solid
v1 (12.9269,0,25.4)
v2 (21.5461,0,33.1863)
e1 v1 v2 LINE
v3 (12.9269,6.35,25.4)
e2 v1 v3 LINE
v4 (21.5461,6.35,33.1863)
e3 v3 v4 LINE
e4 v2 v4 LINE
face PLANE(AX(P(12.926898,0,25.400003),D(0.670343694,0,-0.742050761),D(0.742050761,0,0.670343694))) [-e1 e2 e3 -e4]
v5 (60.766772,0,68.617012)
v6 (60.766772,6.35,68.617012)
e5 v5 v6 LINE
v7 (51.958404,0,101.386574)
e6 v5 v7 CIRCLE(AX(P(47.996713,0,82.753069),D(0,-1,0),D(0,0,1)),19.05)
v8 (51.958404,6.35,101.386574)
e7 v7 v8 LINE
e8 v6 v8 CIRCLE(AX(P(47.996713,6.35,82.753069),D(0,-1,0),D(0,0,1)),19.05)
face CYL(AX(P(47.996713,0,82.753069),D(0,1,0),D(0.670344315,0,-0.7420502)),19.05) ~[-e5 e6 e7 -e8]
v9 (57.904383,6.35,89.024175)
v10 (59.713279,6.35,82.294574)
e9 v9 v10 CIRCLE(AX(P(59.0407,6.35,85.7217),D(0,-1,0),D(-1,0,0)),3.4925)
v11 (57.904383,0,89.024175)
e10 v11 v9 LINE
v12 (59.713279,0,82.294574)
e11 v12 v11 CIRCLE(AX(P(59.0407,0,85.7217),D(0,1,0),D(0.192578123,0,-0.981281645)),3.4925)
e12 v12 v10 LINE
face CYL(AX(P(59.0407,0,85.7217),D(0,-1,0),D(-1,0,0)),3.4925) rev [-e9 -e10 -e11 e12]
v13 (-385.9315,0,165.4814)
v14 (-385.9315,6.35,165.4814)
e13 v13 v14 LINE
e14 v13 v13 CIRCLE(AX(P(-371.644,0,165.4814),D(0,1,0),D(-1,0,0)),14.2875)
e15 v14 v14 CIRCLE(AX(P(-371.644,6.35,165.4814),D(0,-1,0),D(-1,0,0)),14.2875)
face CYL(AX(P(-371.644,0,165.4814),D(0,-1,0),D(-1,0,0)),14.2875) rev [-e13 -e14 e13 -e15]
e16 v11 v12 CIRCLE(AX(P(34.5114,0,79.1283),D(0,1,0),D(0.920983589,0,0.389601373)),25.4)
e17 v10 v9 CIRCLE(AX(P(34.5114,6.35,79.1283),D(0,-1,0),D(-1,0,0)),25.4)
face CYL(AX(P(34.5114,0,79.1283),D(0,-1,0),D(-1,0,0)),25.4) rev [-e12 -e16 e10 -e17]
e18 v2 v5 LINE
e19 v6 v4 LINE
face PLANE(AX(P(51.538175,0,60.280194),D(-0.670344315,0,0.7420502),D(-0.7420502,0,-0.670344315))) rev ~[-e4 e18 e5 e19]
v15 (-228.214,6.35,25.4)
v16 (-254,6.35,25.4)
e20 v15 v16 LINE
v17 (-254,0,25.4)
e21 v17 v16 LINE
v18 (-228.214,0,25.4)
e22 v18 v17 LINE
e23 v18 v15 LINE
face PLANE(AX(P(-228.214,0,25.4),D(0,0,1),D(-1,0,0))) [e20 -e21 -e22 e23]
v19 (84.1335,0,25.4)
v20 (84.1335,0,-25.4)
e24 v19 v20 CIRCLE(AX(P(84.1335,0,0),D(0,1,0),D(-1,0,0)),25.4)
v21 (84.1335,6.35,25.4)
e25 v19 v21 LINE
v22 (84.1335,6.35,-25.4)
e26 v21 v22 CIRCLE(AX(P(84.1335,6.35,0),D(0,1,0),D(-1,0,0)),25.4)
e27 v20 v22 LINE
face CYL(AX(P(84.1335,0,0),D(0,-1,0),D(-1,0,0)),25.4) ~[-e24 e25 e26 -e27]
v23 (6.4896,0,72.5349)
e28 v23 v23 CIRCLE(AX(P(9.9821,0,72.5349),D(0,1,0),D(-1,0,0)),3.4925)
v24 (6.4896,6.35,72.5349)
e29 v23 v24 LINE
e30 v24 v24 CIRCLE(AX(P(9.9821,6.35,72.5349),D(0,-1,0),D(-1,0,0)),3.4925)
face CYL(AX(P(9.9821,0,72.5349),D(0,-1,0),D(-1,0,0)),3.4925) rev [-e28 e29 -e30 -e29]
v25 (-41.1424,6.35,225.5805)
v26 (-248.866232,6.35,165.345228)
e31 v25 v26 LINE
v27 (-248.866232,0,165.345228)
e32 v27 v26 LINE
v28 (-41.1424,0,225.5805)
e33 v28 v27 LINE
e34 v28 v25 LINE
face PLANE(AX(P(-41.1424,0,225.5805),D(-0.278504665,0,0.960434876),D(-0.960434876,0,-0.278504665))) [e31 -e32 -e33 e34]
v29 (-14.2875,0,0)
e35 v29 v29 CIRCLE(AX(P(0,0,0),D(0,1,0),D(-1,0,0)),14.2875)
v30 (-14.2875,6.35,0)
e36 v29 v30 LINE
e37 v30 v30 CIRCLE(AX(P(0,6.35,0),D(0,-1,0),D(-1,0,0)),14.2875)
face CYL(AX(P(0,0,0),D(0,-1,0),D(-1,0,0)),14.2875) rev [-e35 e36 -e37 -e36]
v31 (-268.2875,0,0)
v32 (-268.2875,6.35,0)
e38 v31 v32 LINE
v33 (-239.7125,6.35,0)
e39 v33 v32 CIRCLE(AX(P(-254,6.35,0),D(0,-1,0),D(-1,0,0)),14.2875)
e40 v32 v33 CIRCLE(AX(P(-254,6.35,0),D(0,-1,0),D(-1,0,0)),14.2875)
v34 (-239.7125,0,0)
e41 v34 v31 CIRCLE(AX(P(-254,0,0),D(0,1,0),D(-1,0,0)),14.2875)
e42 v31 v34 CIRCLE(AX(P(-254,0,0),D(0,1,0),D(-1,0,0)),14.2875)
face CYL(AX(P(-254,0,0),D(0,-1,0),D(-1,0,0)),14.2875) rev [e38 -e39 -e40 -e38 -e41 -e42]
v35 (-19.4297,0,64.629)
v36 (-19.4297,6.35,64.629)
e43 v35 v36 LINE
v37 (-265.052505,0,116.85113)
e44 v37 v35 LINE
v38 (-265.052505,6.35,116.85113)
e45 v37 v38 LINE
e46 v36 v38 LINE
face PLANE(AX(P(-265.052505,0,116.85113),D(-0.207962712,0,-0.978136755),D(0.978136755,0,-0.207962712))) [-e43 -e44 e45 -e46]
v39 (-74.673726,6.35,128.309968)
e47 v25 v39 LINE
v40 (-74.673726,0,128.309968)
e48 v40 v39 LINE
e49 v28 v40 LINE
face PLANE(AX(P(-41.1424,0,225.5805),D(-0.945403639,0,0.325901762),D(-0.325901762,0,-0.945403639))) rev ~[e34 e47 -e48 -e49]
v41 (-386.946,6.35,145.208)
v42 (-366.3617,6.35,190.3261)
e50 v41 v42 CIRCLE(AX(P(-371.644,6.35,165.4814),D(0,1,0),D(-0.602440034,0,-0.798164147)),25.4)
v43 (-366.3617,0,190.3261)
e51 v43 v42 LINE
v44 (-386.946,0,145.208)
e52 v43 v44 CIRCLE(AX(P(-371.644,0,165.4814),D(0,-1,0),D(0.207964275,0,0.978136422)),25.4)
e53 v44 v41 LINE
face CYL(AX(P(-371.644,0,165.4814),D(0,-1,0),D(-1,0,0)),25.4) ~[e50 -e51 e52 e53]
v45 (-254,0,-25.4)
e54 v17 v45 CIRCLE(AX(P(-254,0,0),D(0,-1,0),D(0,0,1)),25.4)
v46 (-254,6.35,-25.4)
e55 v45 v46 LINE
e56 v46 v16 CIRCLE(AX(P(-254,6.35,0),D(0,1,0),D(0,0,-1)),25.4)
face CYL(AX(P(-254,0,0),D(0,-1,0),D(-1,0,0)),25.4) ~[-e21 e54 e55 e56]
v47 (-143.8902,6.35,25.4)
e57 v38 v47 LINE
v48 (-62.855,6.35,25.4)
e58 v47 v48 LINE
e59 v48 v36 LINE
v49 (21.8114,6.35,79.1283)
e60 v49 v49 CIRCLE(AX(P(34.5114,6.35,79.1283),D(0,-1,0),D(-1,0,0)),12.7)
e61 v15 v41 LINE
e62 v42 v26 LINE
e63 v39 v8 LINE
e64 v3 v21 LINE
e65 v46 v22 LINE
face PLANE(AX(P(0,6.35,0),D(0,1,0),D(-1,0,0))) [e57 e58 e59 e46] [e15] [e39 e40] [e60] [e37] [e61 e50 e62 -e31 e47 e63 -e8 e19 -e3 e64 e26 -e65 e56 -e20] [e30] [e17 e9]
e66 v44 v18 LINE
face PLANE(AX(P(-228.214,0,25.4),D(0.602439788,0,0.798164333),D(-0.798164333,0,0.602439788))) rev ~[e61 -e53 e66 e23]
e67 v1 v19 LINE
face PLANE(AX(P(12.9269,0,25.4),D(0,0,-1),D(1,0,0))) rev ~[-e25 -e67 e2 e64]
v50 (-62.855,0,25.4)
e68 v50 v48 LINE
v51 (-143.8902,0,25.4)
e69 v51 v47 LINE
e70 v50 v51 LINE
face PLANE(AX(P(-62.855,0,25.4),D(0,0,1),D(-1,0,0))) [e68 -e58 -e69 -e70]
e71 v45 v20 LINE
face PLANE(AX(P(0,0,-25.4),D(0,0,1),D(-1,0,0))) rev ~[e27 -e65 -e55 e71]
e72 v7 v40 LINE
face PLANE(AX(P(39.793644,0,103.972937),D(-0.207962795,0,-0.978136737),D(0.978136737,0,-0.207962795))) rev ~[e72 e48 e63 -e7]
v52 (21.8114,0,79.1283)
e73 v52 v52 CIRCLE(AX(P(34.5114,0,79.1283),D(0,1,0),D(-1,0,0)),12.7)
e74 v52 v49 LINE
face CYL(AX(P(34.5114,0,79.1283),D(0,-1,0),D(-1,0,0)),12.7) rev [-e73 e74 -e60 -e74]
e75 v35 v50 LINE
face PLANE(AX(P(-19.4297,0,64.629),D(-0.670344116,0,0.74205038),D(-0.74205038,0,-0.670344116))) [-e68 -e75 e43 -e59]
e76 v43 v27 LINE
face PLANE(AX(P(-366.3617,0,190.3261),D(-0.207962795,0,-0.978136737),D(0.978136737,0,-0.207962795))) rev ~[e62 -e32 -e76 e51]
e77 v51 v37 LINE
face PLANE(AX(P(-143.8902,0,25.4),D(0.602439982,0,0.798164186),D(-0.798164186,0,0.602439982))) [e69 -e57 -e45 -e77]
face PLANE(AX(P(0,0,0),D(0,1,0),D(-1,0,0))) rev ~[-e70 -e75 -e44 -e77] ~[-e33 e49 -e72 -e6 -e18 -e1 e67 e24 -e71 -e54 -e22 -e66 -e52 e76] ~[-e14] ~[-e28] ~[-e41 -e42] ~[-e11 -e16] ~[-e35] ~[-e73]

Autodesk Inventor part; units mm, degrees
ref_plane "YZ Plane" through (0, 0, 0) normal (1, 0, 0) x (0, 1, 0)
ref_plane "XZ Plane" through (0, 0, 0) normal (0, 1, 0) x (-1, 0, 0)
ref_plane "XY Plane" through (0, 0, 0) normal (0, 0, 1) x (1, 0, 0)
sketch "Sketch1" plane through (0, 0, 0) normal (0, 1, 0) x (-1, 0, 0)
  line L0 (0, 0) -> (254, 0)
  line L1 (0, -25.4) -> (254, -25.4)
  line L2 (0, 25.4) -> (254, 25.4)
  circle A0 centre (254, 0) radius 25.4
  circle A1 centre (0, 0) radius 25.4
  circle A2 centre (254, 0) radius 14.2875
  circle A3 centre (0, 0) radius 14.2875
  line L3 (76.2, 0) -> (-84.1335, 0)
  line L4 (121.5695, -25.4) -> (-84.1335, -25.4)
  line L5 (40.7781, 25.4) -> (-84.1335, 25.4)
  circle A4 centre (-84.1335, 0) radius 25.4
  line L6 (152.4, 0) -> (371.644, 165.4814)
  line L7 (143.8902, 25.4) -> (356.342, 185.7548)
  line L8 (228.214, 25.4) -> (386.946, 145.208)
  circle A5 centre (371.644, 165.4814) radius 25.4
  circle A6 centre (371.644, 165.4814) radius 14.2875
  circle A7 centre (-34.5114, 79.1283) radius 25.4
  line L9 (53.0811, 0) -> (-34.5114, 79.1283)
  line L10 (13.4025, 70.0738) -> (8.7814, 74.2485)
  line L11 (-4.2871, 17.5951) -> (-21.5461, 33.1863)
  line L12 (-9.1867, 81.0827) -> (-4.2871, 17.5951)
  line L13 (-17.4847, 97.9764) -> (13.4025, 70.0738)
  line L14 (-34.5114, 79.1283) -> (371.644, 165.4814)
  line L15 (366.3617, 190.3261) -> (-88.4526, 93.6275)
  line L16 (-88.4526, 93.6275) -> (19.2621, -3.6785)
  line L17 (409.5559, 199.5096) -> (-88.4526, 93.6275)
  line L18 (-88.4526, 93.6275) -> (-12.9269, 25.4)
  line L19 (419.8284, 149.7582) -> (19.4297, 64.629)
  line L20 (19.4297, 64.629) -> (62.855, 25.4)
  circle A8 centre (-34.5114, 79.1283) radius 12.7
  line L21 (19.4297, 64.629) -> (-88.4526, 93.6275)
  circle A9 centre (-59.0407, 85.7217) radius 3.4925
  circle A10 centre (-9.9821, 72.5349) radius 3.4925
  line L22 (99.5982, 0) -> (99.5982, -97.1111)
  line L23 (99.5982, -97.1111) -> (33.9277, 0)
  line L24 (99.5982, -97.1111) -> (168.3997, 0)
  line L25 (197.5982, 128.4774) -> (41.1424, 225.5805)
  line L26 (41.1424, 225.5805) -> (83.0141, 104.1155)
  line L27 (41.1424, 225.5805) -> (300.5341, 150.3627)
  point P0 (107.1023, -119.4279)
  point P1 (121.5695, -25.4)
  point P2 (2.9551, -25.4)
  point P3 (143.8902, 25.4)
  point P4 (258.2652, 25.0393)
  point P5 (0, 25.4)
  point P6 (16.3526, 37.9742)
  point P7 (0.338, 25.4)
  point P8 (70.7471, 25.4)
  point P9 (4.9006, 69.9742)
  point P10 (-10.4414, 23.1547)
  point P11 (17.5299, 80.8522)
  point P12 (265.0526, 116.8512)
  point P13 (396.2371, 108.5044)
  point P14 (-39.7937, 103.973)
  point P15 (-57.9044, 89.0242)
  point P16 (-51.5382, 60.2802)
  point P17 (-59.7133, 82.2946)
  point P18 (20.6525, 89.1934)
  point P19 (16.5095, 73.5132)
  point P20 (-9.3095, 75.962)
  point P21 (-15.6634, 62.1015)
  point P22 (160.2581, 29.4846)
  point P23 (-11.1184, 69.2324)
  point P24 (382.4437, 141.8098)
  point P25 (376.9262, 140.6367)
  point P26 (323.7481, 129.3305)
  point P27 (186.0521, 25.4)
  point P28 (24.9641, 25.4)
  point P29 (-4.2871, 17.5951)
  point P30 (-12.9269, 25.4)
  point P31 (4.4913, 25.4)
  point P32 (231.3112, 11.4183)
  point P33 (277.9303, 8.5148)
  point P34 (351.3706, 150.1794)
  point P35 (312.9484, 153.0021)
  point P36 (346.7993, 160.1992)
  point P37 (-88.4526, 93.6275)
  point P38 (-2.1293, 19.9838)
  point P39 (-7.1267, 54.3898)
  point P40 (-9.6667, 84.4105)
  point P41 (371.644, 165.4814)
  point P42 (278.63, 6.2067)
  point P43 (230.4586, 9.5373)
  point P44 (-4.8895, 25.4)
  point P45 (60.8476, 25.4)
  point P46 (229.1391, 5.2053)
  point P47 (-12.9269, 25.4)
  point P48 (1.0288, 25.4)
  point P49 (-4.8534, 24.932)
  point P50 (-87.4545, 179.42)
  point P51 (74.6737, 128.31)
  point P52 (248.8661, 165.3452)
  dimension "d0" = 25.4
  dimension "d1" = 25.4
  dimension "d2" = 28.575
  dimension "d3" = 28.575
  dimension "d6" = 254
  dimension "d7" = 76.2
  dimension "d8" = 25.4
  dimension "d9" = 25.4
  dimension "d11" = 50.8
  dimension "d13" = 25.4
  dimension "d14" = 25.4
  dimension "d15" = 50.8
  dimension "d16" = 101.6
  dimension "d18" = 28.575
  dimension "d23" = 50.8
  dimension "d24" = 25.4
  dimension "d25" = 25.4
  dimension "d26" = 25.4
  dimension "d27" = 25.4
  dimension "d28" = 25.4
  dimension "d29" = 25.4
  dimension "d30" = 6.985
  dimension "d31" = 6.985
extrude "Extrusion1" add sketch "Sketch1" along normal blind 6.35 contours L3 A3 L16 L0 | L0 A3 L3 | A3 L16 L0 | L0 A1 L3 A3 | L3 A1 L11 L16 A3 | L16 A3 L12 A1 L0 | L16 A3 | L3 A4 L5 L11 A1 | A1 L4 A4 L3 | A1 L2 L9 L0 | L0 L23 L1 A1 | L11 A1 L12 | L11 L5 L12 A1 | A4 | L0 L22 L1 L23 | L5 L12 L9 L2 | A1 L12 L5 | L11 L16 A7 L9 L12 L5 | L9 L2 L6 L0 | L9 L12 A10 L21 L20 L2 | L22 L0 L24 L1 | L9 A7 A10 L12 | L16 L21 A9 A7 | A7 A9 L21 A8 L9 | L24 L0 A0 L1 | L20 L19 L7 L2 | L9 A8 L21 A10 A7 | A10 A7 L21 L12 | L12 L21 A10 | A9 L21 A7 | A7 L21 A9 | L15 A7 A9 L21 | L6 L2 A0 L0 | A2 | A0 | L7 L19 L6 L2 | L21 A10 L12 A7 L14 L7 L19 | A10 L21 A7 | A8 L21 L9 | L9 L21 A8 | L21 A7 A10 L12 | L12 A10 L21 | L21 A9 A7 | A7 A9 L21 | A9 A7 L14 A8 L21 | L15 L26 L14 L13 A7 | L6 L19 L8 L2 | L7 L14 A5 L6 L19 | L21 A10 A7 | L21 A8 L14 A7 A10 | L21 A8 L14 | L14 A8 L21 | A10 A7 L12 | L13 L14 A7 | L26 L25 L15 | L15 L25 L14 L26 | L6 A5 L19 | L14 L27 L15 A5 L7 | L7 A5 L14 | L25 L27 L15 | L15 L27 L14 L25 | L19 A5 L8 | A5 L14 A6 L6 | L6 A6 L14 A5 | A6 L14 L6 | L6 L14 A6
extrude "Extrusion2" cut sketch "Sketch1" along normal through all contours L3 A3 L16 L0 | L0 A3 L3 | L16 A3 | L20 L19 L7 L2 | A10 A7 L21 L12 | L12 L21 A10 | A7 L21 A9 | A2 | A10 L21 A7 | A8 L21 L9 | L9 L21 A8 | L21 A7 A10 L12 | L12 A10 L21 | A7 A9 L21 | L21 A10 A7 | L21 A8 L14 | L14 A8 L21 | A6 L14 L6 | L6 L14 A6 picked at (-58.0988, 84.8098) picked at (-57.7672, 86.0943)
fillet "Fillet2" radius 19.05 1 edges at (88.4526, 3.175, 93.6275)
equation "\"d0\" = d1"
properties part number "intake-1"
